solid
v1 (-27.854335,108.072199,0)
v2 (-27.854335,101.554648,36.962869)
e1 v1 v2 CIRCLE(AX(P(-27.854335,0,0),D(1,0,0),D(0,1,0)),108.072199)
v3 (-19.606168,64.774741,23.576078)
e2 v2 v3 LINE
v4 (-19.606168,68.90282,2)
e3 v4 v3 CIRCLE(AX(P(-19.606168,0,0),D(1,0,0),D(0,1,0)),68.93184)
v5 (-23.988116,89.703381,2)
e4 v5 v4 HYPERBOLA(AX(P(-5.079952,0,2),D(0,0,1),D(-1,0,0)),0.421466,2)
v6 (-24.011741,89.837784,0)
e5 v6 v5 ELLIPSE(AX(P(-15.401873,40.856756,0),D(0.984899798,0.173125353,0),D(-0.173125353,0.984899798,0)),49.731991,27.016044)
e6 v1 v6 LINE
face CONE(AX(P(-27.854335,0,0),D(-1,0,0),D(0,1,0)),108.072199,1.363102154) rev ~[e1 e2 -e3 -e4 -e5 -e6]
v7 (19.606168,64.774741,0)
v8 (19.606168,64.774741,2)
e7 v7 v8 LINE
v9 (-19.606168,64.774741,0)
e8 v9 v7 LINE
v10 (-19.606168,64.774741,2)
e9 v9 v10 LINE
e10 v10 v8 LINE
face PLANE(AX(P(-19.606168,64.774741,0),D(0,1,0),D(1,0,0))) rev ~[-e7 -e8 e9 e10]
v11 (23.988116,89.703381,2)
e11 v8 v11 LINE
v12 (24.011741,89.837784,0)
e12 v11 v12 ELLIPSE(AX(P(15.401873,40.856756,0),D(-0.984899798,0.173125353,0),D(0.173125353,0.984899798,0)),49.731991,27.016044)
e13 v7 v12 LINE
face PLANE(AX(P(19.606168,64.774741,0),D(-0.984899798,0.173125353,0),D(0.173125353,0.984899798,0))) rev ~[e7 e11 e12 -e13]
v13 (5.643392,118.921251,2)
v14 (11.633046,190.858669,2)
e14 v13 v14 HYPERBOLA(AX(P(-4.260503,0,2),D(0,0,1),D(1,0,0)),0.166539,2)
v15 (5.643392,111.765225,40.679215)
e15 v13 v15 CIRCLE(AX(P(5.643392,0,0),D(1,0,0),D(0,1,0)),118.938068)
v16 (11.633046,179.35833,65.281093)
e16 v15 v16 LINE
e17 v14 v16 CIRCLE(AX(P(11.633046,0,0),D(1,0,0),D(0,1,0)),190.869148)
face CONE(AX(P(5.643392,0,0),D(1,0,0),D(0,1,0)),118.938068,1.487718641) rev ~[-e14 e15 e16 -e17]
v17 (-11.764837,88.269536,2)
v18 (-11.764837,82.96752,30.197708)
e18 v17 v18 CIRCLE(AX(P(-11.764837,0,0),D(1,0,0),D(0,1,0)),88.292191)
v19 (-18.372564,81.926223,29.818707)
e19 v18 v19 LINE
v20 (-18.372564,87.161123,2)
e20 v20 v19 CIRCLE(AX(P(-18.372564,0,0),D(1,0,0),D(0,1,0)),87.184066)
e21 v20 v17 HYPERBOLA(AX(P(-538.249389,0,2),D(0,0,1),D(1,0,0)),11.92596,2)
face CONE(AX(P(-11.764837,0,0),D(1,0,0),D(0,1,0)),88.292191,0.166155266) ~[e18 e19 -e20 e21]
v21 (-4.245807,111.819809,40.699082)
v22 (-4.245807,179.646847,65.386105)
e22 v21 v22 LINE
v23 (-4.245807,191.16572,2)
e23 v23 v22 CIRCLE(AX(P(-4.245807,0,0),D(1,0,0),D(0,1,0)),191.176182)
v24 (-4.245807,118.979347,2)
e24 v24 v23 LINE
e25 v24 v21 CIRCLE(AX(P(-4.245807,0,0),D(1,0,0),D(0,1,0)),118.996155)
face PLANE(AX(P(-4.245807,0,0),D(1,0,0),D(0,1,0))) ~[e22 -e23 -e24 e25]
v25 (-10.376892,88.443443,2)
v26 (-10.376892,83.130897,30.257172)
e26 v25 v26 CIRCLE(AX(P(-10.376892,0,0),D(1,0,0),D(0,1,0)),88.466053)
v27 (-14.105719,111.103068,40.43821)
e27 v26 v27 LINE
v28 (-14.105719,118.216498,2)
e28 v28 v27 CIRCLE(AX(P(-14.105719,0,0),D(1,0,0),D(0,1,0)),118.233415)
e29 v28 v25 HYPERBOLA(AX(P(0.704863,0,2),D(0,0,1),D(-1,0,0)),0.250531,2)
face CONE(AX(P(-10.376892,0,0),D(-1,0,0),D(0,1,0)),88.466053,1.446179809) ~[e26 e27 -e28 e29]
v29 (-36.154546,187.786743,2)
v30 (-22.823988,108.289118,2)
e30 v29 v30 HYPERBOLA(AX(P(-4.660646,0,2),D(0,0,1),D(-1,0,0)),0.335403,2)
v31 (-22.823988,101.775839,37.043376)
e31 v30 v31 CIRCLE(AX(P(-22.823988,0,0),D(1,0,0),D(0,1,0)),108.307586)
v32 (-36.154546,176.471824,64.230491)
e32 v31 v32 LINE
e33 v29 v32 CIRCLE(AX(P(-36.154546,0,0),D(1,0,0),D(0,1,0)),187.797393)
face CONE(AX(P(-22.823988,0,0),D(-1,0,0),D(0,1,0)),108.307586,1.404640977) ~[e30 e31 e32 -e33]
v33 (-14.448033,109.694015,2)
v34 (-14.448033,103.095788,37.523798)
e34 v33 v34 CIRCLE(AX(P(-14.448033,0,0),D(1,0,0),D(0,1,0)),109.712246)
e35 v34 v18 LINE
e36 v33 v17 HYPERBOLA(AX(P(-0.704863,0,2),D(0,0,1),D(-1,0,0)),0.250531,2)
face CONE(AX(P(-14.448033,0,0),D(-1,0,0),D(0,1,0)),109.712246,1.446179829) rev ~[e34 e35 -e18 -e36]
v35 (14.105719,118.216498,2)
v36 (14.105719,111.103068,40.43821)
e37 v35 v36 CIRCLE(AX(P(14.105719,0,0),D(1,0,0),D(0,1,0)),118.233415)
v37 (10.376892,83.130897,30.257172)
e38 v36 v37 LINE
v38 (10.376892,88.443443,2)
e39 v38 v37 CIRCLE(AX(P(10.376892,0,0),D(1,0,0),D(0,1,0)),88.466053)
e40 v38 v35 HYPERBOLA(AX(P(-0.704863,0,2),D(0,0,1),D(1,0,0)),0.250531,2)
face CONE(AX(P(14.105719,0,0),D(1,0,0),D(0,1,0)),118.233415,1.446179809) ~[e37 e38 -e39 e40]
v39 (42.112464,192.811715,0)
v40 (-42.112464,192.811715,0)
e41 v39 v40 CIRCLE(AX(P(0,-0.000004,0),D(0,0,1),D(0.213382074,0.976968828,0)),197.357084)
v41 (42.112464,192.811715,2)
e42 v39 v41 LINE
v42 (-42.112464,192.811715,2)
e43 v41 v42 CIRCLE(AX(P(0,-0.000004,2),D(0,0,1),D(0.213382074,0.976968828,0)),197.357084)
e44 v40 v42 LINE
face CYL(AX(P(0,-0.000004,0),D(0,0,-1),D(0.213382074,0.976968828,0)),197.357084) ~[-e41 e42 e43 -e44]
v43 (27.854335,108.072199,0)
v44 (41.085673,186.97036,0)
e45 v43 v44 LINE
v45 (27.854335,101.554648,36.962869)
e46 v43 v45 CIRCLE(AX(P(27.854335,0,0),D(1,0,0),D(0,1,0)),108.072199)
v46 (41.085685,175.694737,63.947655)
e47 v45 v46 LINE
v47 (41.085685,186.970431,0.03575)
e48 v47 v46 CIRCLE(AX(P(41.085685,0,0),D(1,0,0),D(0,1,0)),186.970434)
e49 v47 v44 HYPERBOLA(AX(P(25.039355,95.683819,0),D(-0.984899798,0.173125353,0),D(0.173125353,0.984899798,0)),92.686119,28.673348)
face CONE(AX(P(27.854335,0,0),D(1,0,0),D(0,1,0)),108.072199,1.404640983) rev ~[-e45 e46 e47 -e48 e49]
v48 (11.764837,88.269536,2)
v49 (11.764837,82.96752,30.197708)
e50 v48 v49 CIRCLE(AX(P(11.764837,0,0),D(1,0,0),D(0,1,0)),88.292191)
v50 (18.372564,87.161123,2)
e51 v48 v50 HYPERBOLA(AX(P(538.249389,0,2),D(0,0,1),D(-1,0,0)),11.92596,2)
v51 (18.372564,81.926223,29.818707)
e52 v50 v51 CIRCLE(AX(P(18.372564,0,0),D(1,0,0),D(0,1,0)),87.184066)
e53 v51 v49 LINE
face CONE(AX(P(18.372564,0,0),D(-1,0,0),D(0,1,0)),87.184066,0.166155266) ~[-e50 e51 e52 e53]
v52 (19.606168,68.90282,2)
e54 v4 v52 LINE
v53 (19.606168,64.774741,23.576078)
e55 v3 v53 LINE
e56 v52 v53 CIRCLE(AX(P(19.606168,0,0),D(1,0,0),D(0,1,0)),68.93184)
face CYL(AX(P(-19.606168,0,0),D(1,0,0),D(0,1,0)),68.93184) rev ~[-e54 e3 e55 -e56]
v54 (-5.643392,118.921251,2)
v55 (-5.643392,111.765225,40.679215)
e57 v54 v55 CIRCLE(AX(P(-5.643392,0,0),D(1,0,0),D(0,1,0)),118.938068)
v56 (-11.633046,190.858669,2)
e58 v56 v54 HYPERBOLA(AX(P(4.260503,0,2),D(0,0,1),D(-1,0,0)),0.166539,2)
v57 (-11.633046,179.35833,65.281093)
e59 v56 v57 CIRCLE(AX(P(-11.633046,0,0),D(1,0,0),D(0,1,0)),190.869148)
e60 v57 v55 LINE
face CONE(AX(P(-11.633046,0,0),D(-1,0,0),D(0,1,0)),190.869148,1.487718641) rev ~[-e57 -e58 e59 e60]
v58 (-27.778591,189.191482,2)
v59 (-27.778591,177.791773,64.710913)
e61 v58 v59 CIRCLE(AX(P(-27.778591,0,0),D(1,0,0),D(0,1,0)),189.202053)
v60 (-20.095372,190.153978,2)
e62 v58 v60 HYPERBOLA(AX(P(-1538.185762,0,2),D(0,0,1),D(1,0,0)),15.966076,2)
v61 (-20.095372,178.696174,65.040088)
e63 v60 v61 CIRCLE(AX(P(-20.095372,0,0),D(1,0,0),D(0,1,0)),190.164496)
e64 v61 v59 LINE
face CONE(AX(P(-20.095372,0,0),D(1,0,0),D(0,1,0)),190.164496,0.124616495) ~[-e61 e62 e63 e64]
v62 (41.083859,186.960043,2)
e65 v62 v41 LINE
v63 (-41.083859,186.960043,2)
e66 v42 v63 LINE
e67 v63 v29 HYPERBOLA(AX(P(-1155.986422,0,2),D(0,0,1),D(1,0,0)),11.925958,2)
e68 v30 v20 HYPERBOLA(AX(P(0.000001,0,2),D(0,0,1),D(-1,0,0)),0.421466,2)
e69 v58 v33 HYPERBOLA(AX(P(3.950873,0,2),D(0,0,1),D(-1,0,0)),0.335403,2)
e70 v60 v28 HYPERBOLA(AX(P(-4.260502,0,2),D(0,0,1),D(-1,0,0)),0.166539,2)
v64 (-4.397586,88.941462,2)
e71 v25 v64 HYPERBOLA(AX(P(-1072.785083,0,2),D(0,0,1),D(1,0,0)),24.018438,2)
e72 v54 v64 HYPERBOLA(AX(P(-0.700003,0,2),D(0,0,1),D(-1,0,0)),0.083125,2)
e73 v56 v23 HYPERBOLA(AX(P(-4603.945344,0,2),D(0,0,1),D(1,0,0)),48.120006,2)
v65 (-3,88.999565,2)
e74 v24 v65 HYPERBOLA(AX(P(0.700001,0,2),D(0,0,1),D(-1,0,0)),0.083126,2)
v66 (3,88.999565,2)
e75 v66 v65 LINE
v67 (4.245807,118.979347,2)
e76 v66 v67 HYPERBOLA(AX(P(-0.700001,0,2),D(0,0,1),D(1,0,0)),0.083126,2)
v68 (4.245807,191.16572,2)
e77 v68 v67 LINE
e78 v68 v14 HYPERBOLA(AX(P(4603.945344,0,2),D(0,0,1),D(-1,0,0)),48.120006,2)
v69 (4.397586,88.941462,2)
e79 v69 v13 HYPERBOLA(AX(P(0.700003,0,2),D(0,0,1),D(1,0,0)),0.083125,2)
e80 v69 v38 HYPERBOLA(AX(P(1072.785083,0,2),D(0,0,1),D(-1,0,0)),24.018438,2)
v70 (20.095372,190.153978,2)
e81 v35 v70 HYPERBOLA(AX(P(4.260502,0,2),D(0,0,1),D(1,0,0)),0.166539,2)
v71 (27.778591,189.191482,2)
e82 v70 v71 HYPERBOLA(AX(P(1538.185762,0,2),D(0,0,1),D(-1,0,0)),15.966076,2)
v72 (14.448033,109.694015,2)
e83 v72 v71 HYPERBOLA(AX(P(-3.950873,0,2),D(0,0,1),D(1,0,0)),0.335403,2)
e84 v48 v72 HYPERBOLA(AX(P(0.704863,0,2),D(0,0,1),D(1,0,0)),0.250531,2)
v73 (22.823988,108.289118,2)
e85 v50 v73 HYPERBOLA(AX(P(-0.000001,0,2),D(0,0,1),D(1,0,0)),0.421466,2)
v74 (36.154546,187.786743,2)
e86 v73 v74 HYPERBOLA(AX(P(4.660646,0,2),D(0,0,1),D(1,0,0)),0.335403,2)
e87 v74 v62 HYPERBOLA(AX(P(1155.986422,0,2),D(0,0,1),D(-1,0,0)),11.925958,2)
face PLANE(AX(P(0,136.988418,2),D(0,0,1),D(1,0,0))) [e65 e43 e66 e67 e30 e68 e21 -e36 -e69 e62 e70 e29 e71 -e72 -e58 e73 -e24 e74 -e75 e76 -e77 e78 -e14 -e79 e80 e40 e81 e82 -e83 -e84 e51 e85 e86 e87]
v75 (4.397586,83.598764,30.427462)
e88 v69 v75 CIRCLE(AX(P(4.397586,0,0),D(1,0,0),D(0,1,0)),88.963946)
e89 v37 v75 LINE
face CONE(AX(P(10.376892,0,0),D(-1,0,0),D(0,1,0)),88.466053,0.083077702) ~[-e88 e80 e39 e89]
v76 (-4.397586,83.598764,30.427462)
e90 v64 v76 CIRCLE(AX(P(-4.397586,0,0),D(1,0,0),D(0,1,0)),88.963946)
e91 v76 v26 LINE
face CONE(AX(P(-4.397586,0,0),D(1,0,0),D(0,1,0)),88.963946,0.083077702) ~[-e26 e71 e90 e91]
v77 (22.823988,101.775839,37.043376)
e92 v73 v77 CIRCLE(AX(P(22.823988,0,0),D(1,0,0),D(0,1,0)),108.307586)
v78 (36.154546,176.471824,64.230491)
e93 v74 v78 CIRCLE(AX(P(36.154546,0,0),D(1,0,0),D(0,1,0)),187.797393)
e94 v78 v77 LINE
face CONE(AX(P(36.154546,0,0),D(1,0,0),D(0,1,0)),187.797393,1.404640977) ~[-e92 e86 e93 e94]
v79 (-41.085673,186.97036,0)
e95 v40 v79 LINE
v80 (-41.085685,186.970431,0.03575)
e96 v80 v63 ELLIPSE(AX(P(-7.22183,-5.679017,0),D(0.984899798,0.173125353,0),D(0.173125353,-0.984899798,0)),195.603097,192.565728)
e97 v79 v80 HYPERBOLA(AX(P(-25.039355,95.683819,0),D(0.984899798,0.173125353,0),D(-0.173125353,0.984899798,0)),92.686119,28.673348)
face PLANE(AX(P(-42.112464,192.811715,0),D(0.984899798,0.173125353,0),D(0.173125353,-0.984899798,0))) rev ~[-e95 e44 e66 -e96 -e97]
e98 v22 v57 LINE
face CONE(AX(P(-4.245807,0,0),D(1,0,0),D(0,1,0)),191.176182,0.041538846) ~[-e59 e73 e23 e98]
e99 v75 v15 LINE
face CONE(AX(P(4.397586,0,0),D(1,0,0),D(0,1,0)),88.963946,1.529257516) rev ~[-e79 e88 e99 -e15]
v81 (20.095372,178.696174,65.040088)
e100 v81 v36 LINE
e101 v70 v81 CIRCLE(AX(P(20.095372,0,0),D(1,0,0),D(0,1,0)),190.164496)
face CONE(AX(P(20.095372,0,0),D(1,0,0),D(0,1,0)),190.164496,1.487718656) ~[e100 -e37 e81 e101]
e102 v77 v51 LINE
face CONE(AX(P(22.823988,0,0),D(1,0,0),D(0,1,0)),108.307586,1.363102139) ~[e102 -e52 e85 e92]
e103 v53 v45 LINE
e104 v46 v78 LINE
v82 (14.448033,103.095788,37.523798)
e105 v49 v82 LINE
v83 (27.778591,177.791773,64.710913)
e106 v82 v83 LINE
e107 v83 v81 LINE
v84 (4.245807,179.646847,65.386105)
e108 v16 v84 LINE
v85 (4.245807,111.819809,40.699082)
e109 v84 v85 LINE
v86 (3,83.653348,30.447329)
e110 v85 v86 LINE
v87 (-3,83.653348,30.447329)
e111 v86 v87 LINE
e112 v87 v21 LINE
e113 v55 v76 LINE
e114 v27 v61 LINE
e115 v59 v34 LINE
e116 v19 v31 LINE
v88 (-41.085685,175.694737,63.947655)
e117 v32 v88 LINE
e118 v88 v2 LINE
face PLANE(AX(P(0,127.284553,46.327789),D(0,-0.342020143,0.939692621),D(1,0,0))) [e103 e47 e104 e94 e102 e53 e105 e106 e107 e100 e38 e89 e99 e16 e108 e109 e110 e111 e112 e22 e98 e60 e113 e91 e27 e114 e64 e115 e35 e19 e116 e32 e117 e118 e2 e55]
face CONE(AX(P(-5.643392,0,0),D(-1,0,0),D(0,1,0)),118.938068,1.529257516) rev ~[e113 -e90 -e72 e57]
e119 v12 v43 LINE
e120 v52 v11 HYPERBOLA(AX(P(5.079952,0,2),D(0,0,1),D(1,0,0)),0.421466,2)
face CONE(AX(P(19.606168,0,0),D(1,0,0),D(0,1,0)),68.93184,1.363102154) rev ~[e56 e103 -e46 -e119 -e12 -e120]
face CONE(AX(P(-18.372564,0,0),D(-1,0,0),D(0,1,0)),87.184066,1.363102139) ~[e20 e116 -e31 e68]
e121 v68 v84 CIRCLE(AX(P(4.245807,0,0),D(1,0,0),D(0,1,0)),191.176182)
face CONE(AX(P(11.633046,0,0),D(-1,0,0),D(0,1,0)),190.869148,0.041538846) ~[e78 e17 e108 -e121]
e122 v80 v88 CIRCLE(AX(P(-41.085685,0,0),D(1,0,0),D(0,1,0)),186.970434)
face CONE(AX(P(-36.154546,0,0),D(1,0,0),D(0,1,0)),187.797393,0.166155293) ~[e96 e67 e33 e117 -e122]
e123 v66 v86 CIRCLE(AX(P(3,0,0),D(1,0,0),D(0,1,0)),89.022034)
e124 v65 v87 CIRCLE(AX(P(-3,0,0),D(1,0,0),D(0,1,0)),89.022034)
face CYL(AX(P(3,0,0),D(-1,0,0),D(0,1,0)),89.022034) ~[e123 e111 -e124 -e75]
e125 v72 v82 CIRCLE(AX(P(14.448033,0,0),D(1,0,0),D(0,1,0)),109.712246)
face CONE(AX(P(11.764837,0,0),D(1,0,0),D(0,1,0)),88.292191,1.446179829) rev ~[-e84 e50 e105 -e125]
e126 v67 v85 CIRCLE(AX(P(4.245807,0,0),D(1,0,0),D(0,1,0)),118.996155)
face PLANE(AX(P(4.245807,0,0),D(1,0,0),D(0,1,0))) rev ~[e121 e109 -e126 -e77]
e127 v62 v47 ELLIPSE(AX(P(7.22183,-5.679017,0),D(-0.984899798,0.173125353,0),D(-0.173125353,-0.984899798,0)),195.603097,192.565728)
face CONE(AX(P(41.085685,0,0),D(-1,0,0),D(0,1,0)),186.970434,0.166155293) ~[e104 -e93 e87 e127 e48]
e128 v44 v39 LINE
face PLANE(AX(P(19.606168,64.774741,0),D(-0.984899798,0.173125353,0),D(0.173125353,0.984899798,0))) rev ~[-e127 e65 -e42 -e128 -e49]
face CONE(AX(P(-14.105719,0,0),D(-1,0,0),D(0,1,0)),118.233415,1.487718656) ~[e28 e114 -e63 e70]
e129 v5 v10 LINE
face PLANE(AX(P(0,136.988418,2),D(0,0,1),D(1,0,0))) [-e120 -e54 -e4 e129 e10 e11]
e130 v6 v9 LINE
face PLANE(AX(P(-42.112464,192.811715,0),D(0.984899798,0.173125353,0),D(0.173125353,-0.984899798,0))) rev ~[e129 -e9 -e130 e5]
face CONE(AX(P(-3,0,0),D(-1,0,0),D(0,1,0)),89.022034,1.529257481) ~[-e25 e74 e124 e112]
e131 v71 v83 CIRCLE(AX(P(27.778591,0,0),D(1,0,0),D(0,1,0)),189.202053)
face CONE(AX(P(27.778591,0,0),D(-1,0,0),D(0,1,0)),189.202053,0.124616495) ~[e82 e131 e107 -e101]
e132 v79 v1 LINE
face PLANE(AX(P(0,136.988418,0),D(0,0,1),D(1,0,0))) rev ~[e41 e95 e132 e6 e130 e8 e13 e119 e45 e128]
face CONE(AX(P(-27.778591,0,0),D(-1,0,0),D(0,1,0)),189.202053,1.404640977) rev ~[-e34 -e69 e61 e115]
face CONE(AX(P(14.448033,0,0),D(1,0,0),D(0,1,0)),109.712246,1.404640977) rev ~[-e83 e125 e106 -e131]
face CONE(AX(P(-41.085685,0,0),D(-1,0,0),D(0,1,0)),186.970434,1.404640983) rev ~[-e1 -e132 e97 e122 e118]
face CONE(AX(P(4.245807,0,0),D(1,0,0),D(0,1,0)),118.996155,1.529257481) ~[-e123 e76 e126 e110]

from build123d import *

# Parameters (mm, degrees)
REVOLUTION_ANGLE = 20
PAD_DEPTH        = 2


with BuildPart() as part:
    # Sketch → Revolution (revolve)
    with BuildSketch(Plane.XY):
        Polygon((-18.372564, 87.184066), (-22.823988, 108.307586), (-36.154546, 187.797393), (-41.085685, 186.970434), (-27.854335, 108.072199), (-19.606168, 68.93184), (19.606168, 68.93184), (27.854335, 108.072199), (41.085685, 186.970434), (36.154546, 187.797393), (22.823988, 108.307586), (18.372564, 87.184066), (11.764837, 88.292191), (14.448033, 109.712246), (27.778591, 189.202053), (20.095372, 190.164496), (14.105719, 118.233415), (10.376892, 88.466053), (4.397586, 88.963946), (5.643392, 118.938068), (11.633046, 190.869148), (4.245807, 191.176182), (4.245807, 118.996155), (3, 89.022034), (-3, 89.022034), (-4.245807, 118.996155), (-4.245807, 191.176182), (-11.633046, 190.869148), (-5.643392, 118.938068), (-4.397586, 88.963946), (-10.376892, 88.466053), (-14.105719, 118.233415), (-20.095372, 190.164496), (-27.778591, 189.202053), (-14.448033, 109.712246), (-11.764837, 88.292191), align=None)
    revolve(axis=Axis((0, 0, 0), (1, 0, 0)), revolution_arc=REVOLUTION_ANGLE)

    # Sketch001 → Pad (new body)
    with BuildSketch(Plane.XY):
        with BuildLine():
            ThreePointArc((42.112464, 192.811715), (0, 197.35708), (-42.112464, 192.811715))
            Line((-42.112464, 192.811715), (-19.606168, 64.774741))
            Line((-19.606168, 64.774741), (19.606168, 64.774741))
            Line((19.606168, 64.774741), (42.112464, 192.811715))
        make_face()
    extrude(amount=PAD_DEPTH)


solid = part.part
